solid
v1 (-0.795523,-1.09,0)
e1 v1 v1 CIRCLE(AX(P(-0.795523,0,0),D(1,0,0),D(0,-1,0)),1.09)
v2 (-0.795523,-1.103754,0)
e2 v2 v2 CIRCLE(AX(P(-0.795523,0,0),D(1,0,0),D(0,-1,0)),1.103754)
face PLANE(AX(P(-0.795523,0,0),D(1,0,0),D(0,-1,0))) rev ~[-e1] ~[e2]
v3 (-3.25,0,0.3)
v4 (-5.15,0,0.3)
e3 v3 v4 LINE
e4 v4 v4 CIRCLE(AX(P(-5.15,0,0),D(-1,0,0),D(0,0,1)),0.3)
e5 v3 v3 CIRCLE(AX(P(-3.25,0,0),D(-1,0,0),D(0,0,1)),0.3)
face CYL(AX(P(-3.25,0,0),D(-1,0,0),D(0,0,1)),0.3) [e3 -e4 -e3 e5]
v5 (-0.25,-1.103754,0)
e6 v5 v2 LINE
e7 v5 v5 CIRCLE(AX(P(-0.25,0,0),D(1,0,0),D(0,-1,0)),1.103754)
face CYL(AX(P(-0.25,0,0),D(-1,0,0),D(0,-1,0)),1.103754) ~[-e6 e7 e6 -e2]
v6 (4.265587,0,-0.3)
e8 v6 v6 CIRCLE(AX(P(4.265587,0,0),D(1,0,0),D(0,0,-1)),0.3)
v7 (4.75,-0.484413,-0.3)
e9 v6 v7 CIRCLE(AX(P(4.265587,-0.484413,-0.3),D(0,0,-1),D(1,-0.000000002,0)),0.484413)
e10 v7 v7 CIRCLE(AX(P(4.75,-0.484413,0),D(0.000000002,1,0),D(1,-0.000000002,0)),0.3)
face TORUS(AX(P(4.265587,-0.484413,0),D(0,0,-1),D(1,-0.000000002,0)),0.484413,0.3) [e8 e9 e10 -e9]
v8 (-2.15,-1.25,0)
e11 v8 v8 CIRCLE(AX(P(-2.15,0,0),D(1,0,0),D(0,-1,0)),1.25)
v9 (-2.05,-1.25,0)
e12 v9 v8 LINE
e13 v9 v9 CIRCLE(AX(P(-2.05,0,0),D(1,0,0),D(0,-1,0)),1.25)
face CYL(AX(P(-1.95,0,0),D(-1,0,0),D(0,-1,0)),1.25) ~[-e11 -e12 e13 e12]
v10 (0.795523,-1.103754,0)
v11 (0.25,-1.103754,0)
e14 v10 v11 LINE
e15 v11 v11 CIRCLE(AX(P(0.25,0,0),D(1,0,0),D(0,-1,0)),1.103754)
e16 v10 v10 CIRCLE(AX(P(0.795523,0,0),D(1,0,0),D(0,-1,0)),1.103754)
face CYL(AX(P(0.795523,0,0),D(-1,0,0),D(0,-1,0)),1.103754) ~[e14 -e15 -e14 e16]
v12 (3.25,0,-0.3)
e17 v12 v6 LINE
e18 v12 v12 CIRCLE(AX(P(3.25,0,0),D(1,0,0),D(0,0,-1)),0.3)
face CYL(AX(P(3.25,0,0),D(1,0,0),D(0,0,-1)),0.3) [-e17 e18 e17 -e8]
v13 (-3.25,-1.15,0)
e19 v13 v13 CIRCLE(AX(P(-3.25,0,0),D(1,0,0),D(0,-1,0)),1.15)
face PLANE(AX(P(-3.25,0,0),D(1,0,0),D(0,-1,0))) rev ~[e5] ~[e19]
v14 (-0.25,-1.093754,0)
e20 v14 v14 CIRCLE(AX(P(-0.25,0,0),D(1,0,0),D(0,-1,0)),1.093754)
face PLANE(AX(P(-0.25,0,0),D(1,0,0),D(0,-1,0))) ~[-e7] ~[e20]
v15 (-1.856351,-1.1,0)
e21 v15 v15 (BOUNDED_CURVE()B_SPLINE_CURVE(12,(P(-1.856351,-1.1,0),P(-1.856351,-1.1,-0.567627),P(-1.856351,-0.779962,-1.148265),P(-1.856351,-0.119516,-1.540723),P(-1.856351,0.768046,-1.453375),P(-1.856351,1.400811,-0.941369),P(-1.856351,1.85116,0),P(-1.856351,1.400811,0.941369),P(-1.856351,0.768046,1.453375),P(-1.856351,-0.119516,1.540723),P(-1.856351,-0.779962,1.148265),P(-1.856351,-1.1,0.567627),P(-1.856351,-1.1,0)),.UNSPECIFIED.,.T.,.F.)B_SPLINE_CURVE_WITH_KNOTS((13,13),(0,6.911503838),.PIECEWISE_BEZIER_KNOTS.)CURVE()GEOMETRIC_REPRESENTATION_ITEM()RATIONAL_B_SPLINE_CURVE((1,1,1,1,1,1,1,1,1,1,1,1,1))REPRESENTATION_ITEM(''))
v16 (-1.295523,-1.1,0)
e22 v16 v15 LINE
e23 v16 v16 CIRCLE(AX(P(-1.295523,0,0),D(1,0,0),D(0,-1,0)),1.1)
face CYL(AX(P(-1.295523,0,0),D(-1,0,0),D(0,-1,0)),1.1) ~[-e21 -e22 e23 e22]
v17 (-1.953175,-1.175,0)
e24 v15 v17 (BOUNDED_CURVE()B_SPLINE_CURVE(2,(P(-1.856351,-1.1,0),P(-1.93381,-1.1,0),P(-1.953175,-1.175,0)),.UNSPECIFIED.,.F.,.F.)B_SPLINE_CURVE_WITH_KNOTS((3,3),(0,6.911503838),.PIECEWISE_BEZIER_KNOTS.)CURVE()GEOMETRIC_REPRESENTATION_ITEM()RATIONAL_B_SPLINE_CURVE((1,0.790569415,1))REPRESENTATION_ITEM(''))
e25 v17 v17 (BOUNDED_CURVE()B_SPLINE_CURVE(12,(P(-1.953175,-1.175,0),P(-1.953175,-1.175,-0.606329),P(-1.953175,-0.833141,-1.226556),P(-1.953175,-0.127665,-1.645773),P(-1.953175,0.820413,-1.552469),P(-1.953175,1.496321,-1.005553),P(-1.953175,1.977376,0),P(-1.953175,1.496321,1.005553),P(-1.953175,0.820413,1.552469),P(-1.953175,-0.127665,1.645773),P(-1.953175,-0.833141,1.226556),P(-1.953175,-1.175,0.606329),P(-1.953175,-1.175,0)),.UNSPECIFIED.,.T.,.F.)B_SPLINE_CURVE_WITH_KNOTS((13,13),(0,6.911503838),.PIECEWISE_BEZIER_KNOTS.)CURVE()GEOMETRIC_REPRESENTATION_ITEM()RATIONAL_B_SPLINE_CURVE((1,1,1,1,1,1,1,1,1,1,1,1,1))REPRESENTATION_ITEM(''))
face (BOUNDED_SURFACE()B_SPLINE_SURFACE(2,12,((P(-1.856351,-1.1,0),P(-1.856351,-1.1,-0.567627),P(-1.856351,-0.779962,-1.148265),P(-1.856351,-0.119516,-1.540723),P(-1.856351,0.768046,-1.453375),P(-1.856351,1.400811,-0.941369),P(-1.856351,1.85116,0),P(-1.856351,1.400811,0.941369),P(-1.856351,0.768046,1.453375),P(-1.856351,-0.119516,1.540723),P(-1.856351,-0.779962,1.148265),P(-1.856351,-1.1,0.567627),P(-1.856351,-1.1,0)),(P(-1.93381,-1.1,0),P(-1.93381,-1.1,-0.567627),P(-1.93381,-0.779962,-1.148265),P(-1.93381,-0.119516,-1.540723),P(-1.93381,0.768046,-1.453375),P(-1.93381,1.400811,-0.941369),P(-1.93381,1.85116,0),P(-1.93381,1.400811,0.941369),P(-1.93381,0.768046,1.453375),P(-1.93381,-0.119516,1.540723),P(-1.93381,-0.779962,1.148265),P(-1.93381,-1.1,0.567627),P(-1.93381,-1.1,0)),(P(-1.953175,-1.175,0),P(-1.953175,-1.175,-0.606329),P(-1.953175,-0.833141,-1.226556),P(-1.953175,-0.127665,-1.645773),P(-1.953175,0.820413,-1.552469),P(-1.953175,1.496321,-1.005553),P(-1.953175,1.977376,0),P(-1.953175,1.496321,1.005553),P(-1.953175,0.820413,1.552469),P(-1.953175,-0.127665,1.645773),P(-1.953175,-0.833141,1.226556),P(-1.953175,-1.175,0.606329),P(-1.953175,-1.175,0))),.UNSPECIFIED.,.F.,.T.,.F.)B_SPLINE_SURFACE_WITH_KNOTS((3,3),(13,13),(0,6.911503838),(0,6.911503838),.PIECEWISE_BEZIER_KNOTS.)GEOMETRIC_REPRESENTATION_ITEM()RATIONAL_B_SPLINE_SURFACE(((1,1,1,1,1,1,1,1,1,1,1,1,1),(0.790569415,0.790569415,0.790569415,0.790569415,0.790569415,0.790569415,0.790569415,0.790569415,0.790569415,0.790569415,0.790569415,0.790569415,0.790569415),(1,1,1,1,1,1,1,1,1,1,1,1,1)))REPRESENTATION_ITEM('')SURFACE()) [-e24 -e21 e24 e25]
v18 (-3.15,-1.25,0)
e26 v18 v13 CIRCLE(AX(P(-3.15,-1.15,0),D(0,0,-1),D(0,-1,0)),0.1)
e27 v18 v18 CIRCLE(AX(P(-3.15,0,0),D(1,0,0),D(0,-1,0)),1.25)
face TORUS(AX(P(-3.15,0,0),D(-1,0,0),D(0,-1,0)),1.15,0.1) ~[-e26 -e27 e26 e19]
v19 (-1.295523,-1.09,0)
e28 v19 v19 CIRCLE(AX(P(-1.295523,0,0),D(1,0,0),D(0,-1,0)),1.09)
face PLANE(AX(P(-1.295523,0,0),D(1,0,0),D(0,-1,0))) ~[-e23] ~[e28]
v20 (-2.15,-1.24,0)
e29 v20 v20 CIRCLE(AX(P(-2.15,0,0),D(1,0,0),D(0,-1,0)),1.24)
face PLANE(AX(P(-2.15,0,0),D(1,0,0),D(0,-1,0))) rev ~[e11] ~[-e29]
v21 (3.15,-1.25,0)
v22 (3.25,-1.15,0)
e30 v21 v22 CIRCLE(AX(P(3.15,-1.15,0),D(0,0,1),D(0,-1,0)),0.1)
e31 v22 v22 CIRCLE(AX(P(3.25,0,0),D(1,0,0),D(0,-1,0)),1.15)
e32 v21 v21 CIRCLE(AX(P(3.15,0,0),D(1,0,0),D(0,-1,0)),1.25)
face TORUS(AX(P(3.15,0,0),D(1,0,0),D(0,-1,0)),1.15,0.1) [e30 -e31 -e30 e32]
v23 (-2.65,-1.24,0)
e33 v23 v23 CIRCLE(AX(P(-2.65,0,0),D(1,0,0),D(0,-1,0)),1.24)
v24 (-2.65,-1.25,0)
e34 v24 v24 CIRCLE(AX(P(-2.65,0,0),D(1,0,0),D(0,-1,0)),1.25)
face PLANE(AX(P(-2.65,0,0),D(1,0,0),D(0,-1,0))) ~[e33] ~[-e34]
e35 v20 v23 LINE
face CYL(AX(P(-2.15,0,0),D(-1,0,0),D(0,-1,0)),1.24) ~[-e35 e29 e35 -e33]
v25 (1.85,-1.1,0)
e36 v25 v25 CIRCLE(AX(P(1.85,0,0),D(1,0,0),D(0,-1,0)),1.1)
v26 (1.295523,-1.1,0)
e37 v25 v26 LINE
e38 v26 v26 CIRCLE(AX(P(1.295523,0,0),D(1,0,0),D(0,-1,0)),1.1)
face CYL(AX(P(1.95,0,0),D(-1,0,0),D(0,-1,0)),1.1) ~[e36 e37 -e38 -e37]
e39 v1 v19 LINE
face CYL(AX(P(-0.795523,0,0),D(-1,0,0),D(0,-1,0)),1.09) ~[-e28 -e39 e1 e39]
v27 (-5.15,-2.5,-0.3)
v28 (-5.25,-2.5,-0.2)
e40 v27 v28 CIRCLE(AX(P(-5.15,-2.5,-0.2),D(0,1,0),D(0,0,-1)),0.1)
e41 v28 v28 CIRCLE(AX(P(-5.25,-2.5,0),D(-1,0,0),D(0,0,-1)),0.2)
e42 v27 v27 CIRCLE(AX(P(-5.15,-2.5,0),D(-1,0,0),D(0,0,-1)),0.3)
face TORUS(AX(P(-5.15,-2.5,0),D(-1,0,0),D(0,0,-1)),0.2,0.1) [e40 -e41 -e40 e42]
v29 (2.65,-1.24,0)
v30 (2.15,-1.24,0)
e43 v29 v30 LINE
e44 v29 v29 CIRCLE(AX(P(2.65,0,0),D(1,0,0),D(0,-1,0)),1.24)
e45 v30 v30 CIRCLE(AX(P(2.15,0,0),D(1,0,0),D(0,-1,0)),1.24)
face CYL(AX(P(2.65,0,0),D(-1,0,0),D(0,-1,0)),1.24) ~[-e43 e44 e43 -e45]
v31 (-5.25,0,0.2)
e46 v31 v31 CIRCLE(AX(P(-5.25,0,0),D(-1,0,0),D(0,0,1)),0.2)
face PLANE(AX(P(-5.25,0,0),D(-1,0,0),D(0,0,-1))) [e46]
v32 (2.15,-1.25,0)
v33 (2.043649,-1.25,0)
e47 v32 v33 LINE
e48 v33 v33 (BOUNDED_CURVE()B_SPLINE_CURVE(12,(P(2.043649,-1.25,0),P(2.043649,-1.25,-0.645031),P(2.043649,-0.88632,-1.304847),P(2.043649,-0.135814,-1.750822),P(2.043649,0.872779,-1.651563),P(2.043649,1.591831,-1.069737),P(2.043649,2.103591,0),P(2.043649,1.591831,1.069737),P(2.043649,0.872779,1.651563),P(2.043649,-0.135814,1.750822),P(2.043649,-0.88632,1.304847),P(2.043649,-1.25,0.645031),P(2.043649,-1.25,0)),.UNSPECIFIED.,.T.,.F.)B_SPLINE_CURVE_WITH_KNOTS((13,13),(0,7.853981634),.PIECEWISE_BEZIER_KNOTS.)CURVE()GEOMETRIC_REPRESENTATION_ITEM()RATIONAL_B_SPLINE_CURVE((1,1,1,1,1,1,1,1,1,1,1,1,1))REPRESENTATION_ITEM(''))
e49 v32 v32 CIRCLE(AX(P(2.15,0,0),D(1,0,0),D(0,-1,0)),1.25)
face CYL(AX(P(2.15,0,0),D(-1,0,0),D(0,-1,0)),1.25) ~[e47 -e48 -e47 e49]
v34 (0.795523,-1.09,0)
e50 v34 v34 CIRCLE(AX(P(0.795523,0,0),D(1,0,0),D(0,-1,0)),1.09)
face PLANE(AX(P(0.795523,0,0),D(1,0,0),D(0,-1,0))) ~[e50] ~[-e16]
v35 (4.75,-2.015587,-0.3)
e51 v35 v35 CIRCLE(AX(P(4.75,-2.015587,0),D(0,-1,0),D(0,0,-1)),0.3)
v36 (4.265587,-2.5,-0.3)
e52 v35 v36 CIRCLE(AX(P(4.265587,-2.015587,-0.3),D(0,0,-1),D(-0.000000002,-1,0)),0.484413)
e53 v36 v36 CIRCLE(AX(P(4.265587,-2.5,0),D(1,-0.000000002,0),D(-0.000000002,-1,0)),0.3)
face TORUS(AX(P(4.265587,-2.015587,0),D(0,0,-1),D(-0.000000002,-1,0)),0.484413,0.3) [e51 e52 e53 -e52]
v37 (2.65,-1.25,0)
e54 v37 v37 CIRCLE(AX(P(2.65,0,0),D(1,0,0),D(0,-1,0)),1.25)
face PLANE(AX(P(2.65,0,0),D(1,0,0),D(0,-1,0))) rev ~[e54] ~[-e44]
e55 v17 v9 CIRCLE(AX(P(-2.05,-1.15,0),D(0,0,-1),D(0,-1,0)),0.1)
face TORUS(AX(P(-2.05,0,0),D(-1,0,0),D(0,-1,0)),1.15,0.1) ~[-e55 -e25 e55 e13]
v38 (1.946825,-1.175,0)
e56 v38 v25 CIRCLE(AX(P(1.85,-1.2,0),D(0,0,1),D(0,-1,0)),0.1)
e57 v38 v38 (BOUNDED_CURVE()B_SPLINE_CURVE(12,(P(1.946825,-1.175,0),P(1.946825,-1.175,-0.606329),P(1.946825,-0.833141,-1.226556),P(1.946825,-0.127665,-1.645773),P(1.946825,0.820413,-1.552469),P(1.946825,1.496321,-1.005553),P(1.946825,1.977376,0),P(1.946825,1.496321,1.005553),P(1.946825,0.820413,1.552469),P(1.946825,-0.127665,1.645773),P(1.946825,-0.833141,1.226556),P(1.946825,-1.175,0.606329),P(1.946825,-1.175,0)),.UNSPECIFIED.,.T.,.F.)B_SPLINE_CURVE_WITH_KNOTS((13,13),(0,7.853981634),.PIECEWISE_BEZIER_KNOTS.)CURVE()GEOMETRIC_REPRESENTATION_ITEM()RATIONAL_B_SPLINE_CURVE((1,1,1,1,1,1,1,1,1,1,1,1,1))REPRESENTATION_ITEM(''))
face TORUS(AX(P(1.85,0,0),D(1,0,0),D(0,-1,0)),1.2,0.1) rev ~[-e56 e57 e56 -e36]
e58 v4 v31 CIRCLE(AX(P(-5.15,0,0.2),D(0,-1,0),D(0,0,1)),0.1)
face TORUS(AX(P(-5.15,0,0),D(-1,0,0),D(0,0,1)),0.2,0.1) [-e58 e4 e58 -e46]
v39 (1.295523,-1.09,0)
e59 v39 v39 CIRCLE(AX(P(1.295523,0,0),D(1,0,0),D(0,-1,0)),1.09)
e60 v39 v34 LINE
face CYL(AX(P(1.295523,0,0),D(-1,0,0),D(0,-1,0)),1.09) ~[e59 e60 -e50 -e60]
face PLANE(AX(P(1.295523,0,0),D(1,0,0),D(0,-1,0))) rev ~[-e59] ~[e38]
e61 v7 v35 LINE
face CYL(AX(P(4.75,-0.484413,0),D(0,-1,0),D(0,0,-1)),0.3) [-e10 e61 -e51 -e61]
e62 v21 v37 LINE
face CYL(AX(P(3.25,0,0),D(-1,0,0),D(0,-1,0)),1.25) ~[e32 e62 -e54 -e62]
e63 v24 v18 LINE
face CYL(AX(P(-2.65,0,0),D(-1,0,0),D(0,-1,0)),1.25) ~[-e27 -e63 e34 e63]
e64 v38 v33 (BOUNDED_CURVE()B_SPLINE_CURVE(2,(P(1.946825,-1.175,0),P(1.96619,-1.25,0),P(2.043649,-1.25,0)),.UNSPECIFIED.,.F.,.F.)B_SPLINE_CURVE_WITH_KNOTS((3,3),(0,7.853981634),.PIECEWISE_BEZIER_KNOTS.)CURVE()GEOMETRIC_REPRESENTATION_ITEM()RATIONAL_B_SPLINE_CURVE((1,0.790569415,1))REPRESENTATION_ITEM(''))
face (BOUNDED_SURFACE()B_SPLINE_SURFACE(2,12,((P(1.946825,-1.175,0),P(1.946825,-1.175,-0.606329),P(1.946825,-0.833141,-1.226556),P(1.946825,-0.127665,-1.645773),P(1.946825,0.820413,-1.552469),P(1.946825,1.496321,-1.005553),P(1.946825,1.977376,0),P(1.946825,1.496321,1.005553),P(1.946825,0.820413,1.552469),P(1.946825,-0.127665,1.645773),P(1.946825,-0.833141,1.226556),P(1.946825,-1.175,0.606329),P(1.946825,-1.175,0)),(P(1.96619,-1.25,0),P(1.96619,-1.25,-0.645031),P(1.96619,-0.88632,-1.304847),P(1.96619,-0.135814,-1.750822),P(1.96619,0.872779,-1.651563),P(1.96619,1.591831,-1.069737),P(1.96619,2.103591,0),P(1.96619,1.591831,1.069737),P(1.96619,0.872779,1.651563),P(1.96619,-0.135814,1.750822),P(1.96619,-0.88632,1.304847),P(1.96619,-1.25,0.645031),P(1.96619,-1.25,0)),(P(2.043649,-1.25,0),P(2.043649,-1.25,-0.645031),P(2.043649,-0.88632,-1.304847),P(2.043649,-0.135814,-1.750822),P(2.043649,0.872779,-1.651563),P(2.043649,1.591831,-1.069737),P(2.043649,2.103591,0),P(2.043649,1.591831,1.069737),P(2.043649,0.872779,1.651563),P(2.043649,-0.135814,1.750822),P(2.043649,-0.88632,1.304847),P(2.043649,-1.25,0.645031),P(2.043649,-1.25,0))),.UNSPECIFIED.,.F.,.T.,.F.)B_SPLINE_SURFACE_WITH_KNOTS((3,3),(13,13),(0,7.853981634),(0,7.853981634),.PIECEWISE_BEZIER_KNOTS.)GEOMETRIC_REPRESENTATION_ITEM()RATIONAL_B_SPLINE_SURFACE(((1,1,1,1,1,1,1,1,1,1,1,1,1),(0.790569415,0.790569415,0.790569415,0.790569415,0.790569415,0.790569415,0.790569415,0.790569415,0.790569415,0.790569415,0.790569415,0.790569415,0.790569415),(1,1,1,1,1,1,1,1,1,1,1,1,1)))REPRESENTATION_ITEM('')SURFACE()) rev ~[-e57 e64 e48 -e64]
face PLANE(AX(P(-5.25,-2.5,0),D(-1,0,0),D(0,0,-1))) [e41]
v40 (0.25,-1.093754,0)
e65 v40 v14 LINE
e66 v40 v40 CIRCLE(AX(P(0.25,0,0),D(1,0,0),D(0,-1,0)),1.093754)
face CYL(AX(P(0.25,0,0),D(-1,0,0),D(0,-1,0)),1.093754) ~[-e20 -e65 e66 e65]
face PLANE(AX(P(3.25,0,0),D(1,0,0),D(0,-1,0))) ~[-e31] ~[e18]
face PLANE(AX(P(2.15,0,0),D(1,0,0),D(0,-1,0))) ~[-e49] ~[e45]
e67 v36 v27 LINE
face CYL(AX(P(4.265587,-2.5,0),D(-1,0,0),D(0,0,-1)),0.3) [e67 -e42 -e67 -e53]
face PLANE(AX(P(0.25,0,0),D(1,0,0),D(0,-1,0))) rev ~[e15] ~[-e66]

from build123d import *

# Parameters (mm, degrees)
FILLET3_R = 0.1
FILLET4_R = 0.1
FILLET5_R = 0.1
SKETCH3_R = 0.3
SKETCH4_R = 0.3
FILLET7_R = 0.1


with BuildPart() as part:
    # Sketch1 → Revolve3 (revolve)
    with BuildSketch(Plane.XY):
        Polygon((-3.25, 0), (3.25, 0), (3.25, -1.25), (2.65, -1.25), (2.65, -1.24), (2.15, -1.24), (2.15, -1.25), (1.95, -1.25), (1.95, -1.1), (1.295523437, -1.1), (1.295523437, -1.09), (0.795523437, -1.09), (0.795523437, -1.1037537), (0.25, -1.1037537), (0.25, -1.0937537), (-0.25, -1.0937537), (-0.25, -1.1037537), (-0.795523437, -1.1037537), (-0.795523437, -1.09), (-1.295523437, -1.09), (-1.295523437, -1.1), (-1.95, -1.1), (-1.95, -1.25), (-2.15, -1.25), (-2.15, -1.24), (-2.65, -1.24), (-2.65, -1.25), (-3.25, -1.25), align=None)
    revolve(axis=Axis((-3.25, 0, 0), (1, 0, 0)))

    # Fillet3
    fillet3_edges = [part.edges().sort_by_distance(p)[0] for p in [
        (-3.25, 1.25, 0),
        (1.95, 1.1, 0),
    ]]
    fillet(fillet3_edges, radius=FILLET3_R)

    # Fillet4
    fillet4_edges = [part.edges().sort_by_distance(p)[0] for p in [
        (1.95, 1.25, 0),
        (-1.95, 1.25, 0),
    ]]
    fillet(fillet4_edges, radius=FILLET4_R)

    # Fillet5
    fillet5_edges = [part.edges().sort_by_distance(p)[0] for p in [
        (-1.95, 1.1, 0),
        (3.25, 1.25, 0),
    ]]
    fillet(fillet5_edges, radius=FILLET5_R)

    # Sweep2: sweep along a curve in space
    with BuildLine() as sweep2_path:
        Line((3.25, 0, 0), (4.265587077, 0, 0))
        ThreePointArc((4.75, -0.484412923, 0), (4.60811874, -0.14188126, 0), (4.265587077, 0, 0))
        Line((4.75, -0.484412923, 0), (4.75, -2.015587077, 0))
        ThreePointArc((4.265587077, -2.5, 0), (4.60811874, -2.35811874, 0), (4.75, -2.015587077, 0))
        Line((4.265587077, -2.5, 0), (-5.25, -2.5, 0))
    # Sketch3 → Sweep2 (sweep)
    with BuildSketch(Plane(origin=(3.25, 0, 0), x_dir=(0, 0, -1), z_dir=(1, 0, 0))):
        Circle(SKETCH3_R)
    sweep(path=sweep2_path.line)

    # Sweep3: sweep along a curve in space
    with BuildLine() as sweep3_path:
        Line((-3.25, 0, 0), (-5.25, 0, 0))
    # Sketch4 → Sweep3 (sweep)
    with BuildSketch(Plane.ZY.offset(3.25)):
        Circle(SKETCH4_R)
    sweep(path=sweep3_path.line)

    # Fillet7
    fillet7_edges = [part.edges().sort_by_distance(p)[0] for p in [
        (-5.25, -2.5, 0.3),
        (-5.25, 0, -0.3),
    ]]
    fillet(fillet7_edges, radius=FILLET7_R)


solid = part.part
